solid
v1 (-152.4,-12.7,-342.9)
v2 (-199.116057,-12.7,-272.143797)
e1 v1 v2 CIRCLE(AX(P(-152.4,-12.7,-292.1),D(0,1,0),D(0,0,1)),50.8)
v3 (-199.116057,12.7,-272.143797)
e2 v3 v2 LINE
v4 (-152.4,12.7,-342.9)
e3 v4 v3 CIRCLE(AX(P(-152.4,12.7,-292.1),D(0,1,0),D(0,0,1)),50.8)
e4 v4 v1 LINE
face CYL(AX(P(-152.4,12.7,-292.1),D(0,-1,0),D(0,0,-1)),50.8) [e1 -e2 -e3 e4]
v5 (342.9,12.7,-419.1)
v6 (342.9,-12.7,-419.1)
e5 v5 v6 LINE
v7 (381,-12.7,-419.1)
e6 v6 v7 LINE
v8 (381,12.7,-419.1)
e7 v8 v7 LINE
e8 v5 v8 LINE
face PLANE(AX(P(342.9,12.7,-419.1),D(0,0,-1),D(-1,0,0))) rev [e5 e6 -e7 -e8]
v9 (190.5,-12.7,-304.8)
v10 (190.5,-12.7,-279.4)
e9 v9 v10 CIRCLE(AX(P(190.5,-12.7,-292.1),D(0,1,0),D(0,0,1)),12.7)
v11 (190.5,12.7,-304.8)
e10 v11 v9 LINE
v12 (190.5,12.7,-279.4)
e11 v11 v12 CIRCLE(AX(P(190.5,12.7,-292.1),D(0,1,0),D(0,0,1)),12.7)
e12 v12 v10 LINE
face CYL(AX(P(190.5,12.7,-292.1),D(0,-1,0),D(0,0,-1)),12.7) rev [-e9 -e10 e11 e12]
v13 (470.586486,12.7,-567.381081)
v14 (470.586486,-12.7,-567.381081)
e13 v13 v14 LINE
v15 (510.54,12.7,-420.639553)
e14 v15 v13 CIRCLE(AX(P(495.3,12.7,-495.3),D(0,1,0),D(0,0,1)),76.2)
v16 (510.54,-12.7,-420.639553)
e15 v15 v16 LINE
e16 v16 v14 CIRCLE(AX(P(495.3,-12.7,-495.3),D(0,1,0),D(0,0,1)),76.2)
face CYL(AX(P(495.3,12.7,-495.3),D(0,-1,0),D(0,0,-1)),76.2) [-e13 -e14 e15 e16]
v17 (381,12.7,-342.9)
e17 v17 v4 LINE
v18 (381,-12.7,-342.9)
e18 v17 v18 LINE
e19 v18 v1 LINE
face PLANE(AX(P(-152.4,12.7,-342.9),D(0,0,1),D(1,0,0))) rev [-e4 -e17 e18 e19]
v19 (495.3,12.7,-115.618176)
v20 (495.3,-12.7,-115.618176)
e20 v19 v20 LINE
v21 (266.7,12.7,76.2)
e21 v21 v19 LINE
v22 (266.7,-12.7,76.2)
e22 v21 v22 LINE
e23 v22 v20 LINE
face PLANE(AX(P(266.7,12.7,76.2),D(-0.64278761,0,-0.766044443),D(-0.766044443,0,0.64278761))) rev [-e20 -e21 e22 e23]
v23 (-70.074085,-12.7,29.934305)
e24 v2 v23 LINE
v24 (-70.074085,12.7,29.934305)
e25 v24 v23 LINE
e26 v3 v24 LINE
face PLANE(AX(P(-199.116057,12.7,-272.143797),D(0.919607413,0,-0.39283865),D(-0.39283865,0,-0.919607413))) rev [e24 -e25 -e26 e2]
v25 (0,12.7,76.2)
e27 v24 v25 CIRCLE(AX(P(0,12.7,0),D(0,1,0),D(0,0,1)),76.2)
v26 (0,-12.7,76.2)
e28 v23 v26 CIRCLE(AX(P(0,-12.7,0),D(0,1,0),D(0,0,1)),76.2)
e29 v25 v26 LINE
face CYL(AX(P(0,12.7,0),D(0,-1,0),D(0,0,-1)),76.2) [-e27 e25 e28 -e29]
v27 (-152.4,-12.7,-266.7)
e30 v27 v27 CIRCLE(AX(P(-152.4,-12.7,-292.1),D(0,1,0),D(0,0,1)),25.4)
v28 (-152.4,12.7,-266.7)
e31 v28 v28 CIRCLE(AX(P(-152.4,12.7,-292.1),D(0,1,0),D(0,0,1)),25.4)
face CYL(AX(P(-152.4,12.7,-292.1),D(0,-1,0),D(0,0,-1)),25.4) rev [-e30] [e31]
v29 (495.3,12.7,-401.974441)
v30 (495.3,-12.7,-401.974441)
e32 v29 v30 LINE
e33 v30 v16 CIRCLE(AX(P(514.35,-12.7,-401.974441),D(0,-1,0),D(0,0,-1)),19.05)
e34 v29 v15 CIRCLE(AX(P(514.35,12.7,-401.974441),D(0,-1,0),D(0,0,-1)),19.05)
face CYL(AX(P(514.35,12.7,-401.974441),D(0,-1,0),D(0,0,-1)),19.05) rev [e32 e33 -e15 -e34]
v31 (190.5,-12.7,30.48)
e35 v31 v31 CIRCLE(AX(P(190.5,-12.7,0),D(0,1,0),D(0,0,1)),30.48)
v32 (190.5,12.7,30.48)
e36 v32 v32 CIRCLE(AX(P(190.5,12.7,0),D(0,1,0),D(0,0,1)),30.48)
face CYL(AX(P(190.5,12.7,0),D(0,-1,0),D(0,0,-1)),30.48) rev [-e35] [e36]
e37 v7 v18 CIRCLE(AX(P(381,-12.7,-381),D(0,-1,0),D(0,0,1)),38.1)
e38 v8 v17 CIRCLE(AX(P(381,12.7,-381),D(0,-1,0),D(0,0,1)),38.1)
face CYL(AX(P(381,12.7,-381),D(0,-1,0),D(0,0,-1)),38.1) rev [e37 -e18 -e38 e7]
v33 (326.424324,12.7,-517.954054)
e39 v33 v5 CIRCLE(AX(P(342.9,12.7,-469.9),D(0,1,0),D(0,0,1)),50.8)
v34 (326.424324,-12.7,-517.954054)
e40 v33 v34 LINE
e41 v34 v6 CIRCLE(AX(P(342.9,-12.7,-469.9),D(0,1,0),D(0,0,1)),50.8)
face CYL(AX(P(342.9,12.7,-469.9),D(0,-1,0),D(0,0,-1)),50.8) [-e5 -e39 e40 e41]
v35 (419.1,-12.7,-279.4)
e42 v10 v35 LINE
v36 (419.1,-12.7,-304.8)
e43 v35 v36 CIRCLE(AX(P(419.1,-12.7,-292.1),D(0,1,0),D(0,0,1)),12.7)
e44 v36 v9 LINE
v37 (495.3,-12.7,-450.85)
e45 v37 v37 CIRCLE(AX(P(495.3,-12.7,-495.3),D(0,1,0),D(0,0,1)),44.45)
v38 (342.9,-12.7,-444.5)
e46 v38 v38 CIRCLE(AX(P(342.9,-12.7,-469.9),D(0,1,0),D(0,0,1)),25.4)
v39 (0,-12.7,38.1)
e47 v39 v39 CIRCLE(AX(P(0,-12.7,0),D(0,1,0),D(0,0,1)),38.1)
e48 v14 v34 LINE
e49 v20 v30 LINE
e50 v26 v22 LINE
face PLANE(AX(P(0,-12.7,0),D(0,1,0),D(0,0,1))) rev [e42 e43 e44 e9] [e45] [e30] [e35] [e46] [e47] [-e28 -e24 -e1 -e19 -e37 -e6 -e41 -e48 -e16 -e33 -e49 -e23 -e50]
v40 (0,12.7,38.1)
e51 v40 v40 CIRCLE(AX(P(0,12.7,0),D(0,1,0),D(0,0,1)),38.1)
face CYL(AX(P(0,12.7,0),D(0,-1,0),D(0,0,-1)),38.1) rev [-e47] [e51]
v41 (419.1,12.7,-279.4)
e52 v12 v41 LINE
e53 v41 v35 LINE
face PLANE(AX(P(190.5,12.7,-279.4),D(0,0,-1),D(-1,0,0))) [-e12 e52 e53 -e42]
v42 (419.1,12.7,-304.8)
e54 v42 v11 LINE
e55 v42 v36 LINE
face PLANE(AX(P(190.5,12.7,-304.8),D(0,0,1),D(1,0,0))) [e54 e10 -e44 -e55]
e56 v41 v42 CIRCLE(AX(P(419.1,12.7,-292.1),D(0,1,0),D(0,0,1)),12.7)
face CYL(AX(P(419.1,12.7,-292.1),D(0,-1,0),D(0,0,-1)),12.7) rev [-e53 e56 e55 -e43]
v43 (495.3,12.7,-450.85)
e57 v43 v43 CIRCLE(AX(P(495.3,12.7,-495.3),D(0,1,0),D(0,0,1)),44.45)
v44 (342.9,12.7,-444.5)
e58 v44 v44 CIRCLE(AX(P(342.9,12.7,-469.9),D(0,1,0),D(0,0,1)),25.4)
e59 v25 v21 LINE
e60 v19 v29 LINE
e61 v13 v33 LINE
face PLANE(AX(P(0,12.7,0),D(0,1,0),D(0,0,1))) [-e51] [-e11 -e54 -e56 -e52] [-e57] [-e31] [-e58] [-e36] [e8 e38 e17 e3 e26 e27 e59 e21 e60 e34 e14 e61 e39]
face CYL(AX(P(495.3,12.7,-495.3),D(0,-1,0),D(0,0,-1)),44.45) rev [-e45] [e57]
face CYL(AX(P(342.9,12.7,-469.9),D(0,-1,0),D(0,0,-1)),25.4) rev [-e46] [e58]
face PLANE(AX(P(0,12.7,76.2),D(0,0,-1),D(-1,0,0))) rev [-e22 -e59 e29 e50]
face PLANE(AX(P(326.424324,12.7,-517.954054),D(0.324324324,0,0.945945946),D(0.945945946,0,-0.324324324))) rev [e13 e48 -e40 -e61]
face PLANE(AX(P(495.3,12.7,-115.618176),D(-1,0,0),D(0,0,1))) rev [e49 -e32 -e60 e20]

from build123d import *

# Parameters (mm, degrees)
SKETCH1_R           = 25.4
SKETCH1_R_2         = 38.1
SKETCH1_R_3         = 44.45
SKETCH1_R_4         = 30.48
BOSS_EXTRUDE1_DEPTH = 12.7


with BuildPart() as part:
    # Sketch1 → Boss-Extrude1 (new body, symmetric)
    with BuildSketch(Plane(origin=(0, 0, 0), x_dir=(1, 0, 0), z_dir=(0, 1, 0))):
        with BuildLine():
            Line((-199.116056599, 272.143796557), (-70.074084898, -29.934305164))
            ThreePointArc((-70.074084898, -29.934305164), (-41.984794548, -63.590227447), (0, -76.2))
            Line((0, -76.2), (266.7, -76.2))
            Line((266.7, -76.2), (495.3, 115.618175687))
            Line((495.3, 115.618175687), (495.3, 401.9744408))
            ThreePointArc((495.3, 401.9744408), (499.593933451, 414.022718685), (510.54, 420.63955264))
            ThreePointArc((510.54, 420.63955264), (568.823505812, 515.318343915), (470.586486486, 567.381081081))
            Line((470.586486486, 567.381081081), (326.424324324, 517.954054054))
            ThreePointArc((326.424324324, 517.954054054), (292.791188669, 461.548531445), (342.9, 419.1))
            Line((342.9, 419.1), (381, 419.1))
            ThreePointArc((381, 419.1), (419.1, 381), (381, 342.9))
            Line((381, 342.9), (-152.4, 342.9))
            ThreePointArc((-152.4, 342.9), (-194.793484965, 320.089863032), (-199.116056599, 272.143796557))
        make_face()
        with Locations((-152.4, 292.1)):
            Circle(SKETCH1_R, mode=Mode.SUBTRACT)
        Circle(SKETCH1_R_2, mode=Mode.SUBTRACT)
        with Locations((342.9, 469.9)):
            Circle(SKETCH1_R, mode=Mode.SUBTRACT)
        with Locations((495.3, 495.3)):
            Circle(SKETCH1_R_3, mode=Mode.SUBTRACT)
        with Locations((190.5, 0)):
            Circle(SKETCH1_R_4, mode=Mode.SUBTRACT)
        with BuildLine():
            Line((190.5, 304.8), (419.1, 304.8))
            ThreePointArc((419.1, 304.8), (431.8, 292.1), (419.1, 279.4))
            Line((419.1, 279.4), (190.5, 279.4))
            ThreePointArc((190.5, 279.4), (177.8, 292.1), (190.5, 304.8))
        make_face(mode=Mode.SUBTRACT)
    extrude(amount=BOSS_EXTRUDE1_DEPTH, both=True)


solid = part.part
